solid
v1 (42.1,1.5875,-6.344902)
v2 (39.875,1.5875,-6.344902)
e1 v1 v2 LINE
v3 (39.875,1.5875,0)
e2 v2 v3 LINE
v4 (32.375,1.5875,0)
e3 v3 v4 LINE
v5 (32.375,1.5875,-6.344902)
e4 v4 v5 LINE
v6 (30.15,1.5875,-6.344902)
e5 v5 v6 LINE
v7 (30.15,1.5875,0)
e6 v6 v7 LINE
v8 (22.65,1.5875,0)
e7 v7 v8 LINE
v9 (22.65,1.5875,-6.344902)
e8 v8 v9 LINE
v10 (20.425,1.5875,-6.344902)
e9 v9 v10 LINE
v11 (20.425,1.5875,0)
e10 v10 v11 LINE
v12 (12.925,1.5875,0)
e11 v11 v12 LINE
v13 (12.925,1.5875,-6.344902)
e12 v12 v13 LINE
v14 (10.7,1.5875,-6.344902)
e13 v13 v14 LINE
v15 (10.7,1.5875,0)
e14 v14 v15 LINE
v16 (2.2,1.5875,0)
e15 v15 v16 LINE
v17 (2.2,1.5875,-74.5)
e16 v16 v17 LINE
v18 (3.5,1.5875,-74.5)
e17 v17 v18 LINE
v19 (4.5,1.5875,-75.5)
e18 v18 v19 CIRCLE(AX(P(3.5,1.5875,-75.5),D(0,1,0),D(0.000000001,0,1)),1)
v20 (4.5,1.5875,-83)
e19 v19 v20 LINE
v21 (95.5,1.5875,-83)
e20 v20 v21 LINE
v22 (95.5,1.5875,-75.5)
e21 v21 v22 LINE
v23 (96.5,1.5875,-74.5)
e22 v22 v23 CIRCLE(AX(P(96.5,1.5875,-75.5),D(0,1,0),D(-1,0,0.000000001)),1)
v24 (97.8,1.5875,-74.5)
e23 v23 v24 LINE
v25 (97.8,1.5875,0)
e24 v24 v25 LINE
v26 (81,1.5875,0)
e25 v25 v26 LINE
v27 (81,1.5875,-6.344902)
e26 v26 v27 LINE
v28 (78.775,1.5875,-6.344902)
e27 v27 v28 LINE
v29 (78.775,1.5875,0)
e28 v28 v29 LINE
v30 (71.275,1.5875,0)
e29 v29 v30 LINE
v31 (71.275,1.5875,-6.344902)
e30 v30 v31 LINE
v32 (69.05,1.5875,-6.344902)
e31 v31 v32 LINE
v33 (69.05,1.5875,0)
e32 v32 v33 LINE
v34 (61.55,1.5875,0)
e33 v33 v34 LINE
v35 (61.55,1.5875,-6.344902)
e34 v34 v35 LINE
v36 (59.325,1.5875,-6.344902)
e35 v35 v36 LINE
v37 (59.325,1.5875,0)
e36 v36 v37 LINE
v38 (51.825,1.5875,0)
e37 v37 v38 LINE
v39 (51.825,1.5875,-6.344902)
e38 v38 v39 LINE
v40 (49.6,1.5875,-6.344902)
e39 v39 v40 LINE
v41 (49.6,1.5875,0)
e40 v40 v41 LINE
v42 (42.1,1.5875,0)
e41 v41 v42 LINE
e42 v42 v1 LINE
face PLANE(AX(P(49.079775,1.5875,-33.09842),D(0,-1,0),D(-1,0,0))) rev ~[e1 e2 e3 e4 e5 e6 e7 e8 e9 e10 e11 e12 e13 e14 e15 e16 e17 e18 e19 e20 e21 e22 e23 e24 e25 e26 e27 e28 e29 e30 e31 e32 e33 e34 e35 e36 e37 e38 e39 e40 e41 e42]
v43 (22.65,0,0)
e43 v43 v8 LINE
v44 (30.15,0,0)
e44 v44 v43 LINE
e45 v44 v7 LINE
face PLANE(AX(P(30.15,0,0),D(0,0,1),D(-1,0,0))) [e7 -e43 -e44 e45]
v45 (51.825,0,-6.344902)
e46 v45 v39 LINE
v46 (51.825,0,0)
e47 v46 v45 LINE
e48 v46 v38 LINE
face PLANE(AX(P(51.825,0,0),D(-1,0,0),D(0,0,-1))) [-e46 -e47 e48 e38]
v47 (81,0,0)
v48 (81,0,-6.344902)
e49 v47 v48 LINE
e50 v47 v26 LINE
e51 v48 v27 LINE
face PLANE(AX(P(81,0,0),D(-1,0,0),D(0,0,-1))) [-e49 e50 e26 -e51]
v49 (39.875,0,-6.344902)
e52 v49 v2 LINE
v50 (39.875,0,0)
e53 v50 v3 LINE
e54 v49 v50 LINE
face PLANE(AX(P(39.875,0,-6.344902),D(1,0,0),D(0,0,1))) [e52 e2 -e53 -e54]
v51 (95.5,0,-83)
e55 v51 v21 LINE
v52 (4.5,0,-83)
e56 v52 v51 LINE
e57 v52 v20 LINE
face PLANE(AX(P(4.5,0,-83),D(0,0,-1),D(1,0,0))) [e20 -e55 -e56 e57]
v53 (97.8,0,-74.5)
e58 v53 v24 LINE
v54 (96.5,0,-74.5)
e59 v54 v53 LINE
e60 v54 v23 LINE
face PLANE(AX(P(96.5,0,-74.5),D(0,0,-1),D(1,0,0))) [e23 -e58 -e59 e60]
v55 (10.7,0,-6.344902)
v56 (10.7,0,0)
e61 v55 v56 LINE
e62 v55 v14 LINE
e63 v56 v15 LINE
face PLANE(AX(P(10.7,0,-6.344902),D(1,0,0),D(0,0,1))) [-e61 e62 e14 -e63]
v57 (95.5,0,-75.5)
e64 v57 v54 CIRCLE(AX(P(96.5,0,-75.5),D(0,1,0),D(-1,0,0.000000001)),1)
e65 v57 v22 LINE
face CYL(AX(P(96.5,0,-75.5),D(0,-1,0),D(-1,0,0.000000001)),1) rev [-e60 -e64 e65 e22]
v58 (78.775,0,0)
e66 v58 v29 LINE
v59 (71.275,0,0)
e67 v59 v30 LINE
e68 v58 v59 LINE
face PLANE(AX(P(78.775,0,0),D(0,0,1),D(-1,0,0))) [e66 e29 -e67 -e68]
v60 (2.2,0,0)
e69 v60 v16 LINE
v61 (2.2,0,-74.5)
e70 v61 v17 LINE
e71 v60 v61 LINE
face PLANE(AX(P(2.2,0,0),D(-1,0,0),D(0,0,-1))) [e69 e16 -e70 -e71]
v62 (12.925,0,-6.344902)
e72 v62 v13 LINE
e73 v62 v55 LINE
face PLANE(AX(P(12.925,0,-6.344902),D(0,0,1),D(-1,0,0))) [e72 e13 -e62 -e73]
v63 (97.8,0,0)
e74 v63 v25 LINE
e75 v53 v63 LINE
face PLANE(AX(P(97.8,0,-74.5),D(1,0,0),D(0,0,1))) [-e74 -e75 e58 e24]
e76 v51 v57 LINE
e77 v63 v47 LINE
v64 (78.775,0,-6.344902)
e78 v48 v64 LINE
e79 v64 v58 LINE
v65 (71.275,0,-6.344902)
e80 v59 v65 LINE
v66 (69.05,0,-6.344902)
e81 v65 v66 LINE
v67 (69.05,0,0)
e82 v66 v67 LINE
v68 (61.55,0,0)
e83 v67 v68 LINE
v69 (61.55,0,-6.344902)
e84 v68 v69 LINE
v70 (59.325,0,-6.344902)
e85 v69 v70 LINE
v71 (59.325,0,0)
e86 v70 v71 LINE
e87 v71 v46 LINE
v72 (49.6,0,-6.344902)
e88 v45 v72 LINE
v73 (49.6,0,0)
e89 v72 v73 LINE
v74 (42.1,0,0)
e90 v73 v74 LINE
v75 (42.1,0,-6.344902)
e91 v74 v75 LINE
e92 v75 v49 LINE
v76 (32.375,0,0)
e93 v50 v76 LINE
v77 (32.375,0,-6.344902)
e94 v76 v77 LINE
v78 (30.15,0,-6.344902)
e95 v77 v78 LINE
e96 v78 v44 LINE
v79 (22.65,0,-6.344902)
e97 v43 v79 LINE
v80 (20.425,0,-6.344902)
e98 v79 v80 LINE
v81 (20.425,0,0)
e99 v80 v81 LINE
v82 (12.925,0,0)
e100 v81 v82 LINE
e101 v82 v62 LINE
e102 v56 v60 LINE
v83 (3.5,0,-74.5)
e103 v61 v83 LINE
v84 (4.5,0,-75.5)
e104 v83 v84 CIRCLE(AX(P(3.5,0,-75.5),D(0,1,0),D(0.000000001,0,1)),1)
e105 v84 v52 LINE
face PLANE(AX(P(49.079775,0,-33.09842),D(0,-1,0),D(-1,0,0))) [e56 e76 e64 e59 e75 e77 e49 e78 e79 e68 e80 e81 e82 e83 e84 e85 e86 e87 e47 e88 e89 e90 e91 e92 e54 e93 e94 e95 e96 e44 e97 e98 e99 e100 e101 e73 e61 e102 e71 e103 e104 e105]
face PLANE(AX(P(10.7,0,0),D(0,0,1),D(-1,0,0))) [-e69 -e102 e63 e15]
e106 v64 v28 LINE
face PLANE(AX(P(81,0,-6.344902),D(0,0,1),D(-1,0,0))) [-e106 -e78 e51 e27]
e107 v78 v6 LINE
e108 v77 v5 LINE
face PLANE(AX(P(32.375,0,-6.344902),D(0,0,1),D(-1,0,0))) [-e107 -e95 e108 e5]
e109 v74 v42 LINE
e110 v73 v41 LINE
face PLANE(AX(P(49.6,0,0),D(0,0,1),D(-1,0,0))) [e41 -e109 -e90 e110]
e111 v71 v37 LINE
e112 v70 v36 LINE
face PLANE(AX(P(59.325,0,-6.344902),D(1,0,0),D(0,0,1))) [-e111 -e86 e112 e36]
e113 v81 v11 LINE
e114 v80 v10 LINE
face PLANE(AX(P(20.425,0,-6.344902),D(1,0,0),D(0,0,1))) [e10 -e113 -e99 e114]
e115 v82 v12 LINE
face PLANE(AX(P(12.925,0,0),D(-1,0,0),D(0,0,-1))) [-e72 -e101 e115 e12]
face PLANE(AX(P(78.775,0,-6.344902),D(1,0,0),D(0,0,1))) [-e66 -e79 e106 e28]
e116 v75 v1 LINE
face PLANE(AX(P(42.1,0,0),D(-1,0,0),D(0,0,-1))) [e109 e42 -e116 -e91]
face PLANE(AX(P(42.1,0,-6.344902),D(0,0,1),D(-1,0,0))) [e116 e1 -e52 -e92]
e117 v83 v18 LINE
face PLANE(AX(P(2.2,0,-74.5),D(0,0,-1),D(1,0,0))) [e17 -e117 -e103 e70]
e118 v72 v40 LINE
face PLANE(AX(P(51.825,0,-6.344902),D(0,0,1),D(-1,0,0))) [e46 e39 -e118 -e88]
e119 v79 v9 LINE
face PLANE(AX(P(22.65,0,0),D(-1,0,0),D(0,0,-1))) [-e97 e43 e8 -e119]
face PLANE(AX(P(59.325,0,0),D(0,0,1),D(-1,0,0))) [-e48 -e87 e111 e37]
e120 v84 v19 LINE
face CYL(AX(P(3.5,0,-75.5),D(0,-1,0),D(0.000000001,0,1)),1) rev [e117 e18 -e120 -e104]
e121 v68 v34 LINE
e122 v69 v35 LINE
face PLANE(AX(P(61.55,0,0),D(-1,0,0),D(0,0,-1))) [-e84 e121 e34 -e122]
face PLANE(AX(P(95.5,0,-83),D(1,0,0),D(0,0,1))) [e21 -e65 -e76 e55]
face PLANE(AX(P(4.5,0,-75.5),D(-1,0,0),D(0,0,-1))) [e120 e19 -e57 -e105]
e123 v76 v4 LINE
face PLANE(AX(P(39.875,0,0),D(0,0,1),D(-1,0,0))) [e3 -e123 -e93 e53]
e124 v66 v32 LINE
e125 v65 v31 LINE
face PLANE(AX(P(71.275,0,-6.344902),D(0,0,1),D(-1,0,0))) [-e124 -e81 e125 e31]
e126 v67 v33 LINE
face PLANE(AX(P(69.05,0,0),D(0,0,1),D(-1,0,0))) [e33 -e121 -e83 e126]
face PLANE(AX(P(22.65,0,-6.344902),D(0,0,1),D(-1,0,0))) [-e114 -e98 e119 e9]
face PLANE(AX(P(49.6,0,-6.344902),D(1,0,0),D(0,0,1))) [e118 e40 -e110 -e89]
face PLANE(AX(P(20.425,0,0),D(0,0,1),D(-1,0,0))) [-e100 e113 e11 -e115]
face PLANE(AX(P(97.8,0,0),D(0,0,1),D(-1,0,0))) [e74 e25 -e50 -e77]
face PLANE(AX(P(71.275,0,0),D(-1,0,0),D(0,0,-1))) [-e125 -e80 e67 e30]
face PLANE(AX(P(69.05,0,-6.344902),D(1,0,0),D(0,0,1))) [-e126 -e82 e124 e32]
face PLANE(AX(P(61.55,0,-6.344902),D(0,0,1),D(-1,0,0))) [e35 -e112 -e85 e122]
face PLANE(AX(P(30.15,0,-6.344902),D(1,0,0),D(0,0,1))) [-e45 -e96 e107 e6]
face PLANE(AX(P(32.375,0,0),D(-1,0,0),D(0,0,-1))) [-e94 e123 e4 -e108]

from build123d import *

# Parameters (mm, degrees)
BOSS_EXTRUDE1_DEPTH = 1.5875


with BuildPart() as part:
    # Sketch1 → Boss-Extrude1 (new body)
    with BuildSketch(Plane(origin=(0, 0, 0), x_dir=(1, 0, 0), z_dir=(0, 1, 0))):
        with BuildLine():
            Line((4.5, 75.5), (4.5, 83))
            Line((4.5, 83), (95.5, 83))
            Line((95.5, 83), (95.5, 75.5))
            ThreePointArc((95.5, 75.5), (95.792893219, 74.792893219), (96.5, 74.5))
            Line((96.5, 74.5), (97.8, 74.5))
            Line((97.8, 74.5), (97.8, 0))
            Line((97.8, 0), (81, 0))
            Line((81, 0), (81, 6.344902398))
            Line((81, 6.344902398), (78.775, 6.344902398))
            Line((78.775, 6.344902398), (78.775, 0))
            Line((78.775, 0), (71.275, 0))
            Line((71.275, 0), (71.275, 6.344902398))
            Line((71.275, 6.344902398), (69.05, 6.344902398))
            Line((69.05, 6.344902398), (69.05, 0))
            Line((69.05, 0), (61.55, 0))
            Line((61.55, 0), (61.55, 6.344902398))
            Line((61.55, 6.344902398), (59.325, 6.344902398))
            Line((59.325, 6.344902398), (59.325, 0))
            Line((59.325, 0), (51.825, 0))
            Line((51.825, 0), (51.825, 6.344902398))
            Line((51.825, 6.344902398), (49.6, 6.344902398))
            Line((49.6, 6.344902398), (49.6, 0))
            Line((49.6, 0), (42.1, 0))
            Line((42.1, 0), (42.1, 6.344902398))
            Line((42.1, 6.344902398), (39.875, 6.344902398))
            Line((39.875, 6.344902398), (39.875, 0))
            Line((39.875, 0), (32.375, 0))
            Line((32.375, 0), (32.375, 6.344902398))
            Line((32.375, 6.344902398), (30.15, 6.344902398))
            Line((30.15, 6.344902398), (30.15, 0))
            Line((30.15, 0), (22.65, 0))
            Line((22.65, 0), (22.65, 6.344902398))
            Line((22.65, 6.344902398), (20.425, 6.344902398))
            Line((20.425, 6.344902398), (20.425, 0))
            Line((20.425, 0), (12.925, 0))
            Line((12.925, 0), (12.925, 6.344902398))
            Line((12.925, 6.344902398), (10.7, 6.344902398))
            Line((10.7, 6.344902398), (10.7, 0))
            Line((10.7, 0), (2.2, 0))
            Line((2.2, 0), (2.2, 74.5))
            Line((2.2, 74.5), (3.5, 74.5))
            ThreePointArc((3.5, 74.5), (4.207106781, 74.792893219), (4.5, 75.5))
        make_face()
    extrude(amount=BOSS_EXTRUDE1_DEPTH)


solid = part.part
